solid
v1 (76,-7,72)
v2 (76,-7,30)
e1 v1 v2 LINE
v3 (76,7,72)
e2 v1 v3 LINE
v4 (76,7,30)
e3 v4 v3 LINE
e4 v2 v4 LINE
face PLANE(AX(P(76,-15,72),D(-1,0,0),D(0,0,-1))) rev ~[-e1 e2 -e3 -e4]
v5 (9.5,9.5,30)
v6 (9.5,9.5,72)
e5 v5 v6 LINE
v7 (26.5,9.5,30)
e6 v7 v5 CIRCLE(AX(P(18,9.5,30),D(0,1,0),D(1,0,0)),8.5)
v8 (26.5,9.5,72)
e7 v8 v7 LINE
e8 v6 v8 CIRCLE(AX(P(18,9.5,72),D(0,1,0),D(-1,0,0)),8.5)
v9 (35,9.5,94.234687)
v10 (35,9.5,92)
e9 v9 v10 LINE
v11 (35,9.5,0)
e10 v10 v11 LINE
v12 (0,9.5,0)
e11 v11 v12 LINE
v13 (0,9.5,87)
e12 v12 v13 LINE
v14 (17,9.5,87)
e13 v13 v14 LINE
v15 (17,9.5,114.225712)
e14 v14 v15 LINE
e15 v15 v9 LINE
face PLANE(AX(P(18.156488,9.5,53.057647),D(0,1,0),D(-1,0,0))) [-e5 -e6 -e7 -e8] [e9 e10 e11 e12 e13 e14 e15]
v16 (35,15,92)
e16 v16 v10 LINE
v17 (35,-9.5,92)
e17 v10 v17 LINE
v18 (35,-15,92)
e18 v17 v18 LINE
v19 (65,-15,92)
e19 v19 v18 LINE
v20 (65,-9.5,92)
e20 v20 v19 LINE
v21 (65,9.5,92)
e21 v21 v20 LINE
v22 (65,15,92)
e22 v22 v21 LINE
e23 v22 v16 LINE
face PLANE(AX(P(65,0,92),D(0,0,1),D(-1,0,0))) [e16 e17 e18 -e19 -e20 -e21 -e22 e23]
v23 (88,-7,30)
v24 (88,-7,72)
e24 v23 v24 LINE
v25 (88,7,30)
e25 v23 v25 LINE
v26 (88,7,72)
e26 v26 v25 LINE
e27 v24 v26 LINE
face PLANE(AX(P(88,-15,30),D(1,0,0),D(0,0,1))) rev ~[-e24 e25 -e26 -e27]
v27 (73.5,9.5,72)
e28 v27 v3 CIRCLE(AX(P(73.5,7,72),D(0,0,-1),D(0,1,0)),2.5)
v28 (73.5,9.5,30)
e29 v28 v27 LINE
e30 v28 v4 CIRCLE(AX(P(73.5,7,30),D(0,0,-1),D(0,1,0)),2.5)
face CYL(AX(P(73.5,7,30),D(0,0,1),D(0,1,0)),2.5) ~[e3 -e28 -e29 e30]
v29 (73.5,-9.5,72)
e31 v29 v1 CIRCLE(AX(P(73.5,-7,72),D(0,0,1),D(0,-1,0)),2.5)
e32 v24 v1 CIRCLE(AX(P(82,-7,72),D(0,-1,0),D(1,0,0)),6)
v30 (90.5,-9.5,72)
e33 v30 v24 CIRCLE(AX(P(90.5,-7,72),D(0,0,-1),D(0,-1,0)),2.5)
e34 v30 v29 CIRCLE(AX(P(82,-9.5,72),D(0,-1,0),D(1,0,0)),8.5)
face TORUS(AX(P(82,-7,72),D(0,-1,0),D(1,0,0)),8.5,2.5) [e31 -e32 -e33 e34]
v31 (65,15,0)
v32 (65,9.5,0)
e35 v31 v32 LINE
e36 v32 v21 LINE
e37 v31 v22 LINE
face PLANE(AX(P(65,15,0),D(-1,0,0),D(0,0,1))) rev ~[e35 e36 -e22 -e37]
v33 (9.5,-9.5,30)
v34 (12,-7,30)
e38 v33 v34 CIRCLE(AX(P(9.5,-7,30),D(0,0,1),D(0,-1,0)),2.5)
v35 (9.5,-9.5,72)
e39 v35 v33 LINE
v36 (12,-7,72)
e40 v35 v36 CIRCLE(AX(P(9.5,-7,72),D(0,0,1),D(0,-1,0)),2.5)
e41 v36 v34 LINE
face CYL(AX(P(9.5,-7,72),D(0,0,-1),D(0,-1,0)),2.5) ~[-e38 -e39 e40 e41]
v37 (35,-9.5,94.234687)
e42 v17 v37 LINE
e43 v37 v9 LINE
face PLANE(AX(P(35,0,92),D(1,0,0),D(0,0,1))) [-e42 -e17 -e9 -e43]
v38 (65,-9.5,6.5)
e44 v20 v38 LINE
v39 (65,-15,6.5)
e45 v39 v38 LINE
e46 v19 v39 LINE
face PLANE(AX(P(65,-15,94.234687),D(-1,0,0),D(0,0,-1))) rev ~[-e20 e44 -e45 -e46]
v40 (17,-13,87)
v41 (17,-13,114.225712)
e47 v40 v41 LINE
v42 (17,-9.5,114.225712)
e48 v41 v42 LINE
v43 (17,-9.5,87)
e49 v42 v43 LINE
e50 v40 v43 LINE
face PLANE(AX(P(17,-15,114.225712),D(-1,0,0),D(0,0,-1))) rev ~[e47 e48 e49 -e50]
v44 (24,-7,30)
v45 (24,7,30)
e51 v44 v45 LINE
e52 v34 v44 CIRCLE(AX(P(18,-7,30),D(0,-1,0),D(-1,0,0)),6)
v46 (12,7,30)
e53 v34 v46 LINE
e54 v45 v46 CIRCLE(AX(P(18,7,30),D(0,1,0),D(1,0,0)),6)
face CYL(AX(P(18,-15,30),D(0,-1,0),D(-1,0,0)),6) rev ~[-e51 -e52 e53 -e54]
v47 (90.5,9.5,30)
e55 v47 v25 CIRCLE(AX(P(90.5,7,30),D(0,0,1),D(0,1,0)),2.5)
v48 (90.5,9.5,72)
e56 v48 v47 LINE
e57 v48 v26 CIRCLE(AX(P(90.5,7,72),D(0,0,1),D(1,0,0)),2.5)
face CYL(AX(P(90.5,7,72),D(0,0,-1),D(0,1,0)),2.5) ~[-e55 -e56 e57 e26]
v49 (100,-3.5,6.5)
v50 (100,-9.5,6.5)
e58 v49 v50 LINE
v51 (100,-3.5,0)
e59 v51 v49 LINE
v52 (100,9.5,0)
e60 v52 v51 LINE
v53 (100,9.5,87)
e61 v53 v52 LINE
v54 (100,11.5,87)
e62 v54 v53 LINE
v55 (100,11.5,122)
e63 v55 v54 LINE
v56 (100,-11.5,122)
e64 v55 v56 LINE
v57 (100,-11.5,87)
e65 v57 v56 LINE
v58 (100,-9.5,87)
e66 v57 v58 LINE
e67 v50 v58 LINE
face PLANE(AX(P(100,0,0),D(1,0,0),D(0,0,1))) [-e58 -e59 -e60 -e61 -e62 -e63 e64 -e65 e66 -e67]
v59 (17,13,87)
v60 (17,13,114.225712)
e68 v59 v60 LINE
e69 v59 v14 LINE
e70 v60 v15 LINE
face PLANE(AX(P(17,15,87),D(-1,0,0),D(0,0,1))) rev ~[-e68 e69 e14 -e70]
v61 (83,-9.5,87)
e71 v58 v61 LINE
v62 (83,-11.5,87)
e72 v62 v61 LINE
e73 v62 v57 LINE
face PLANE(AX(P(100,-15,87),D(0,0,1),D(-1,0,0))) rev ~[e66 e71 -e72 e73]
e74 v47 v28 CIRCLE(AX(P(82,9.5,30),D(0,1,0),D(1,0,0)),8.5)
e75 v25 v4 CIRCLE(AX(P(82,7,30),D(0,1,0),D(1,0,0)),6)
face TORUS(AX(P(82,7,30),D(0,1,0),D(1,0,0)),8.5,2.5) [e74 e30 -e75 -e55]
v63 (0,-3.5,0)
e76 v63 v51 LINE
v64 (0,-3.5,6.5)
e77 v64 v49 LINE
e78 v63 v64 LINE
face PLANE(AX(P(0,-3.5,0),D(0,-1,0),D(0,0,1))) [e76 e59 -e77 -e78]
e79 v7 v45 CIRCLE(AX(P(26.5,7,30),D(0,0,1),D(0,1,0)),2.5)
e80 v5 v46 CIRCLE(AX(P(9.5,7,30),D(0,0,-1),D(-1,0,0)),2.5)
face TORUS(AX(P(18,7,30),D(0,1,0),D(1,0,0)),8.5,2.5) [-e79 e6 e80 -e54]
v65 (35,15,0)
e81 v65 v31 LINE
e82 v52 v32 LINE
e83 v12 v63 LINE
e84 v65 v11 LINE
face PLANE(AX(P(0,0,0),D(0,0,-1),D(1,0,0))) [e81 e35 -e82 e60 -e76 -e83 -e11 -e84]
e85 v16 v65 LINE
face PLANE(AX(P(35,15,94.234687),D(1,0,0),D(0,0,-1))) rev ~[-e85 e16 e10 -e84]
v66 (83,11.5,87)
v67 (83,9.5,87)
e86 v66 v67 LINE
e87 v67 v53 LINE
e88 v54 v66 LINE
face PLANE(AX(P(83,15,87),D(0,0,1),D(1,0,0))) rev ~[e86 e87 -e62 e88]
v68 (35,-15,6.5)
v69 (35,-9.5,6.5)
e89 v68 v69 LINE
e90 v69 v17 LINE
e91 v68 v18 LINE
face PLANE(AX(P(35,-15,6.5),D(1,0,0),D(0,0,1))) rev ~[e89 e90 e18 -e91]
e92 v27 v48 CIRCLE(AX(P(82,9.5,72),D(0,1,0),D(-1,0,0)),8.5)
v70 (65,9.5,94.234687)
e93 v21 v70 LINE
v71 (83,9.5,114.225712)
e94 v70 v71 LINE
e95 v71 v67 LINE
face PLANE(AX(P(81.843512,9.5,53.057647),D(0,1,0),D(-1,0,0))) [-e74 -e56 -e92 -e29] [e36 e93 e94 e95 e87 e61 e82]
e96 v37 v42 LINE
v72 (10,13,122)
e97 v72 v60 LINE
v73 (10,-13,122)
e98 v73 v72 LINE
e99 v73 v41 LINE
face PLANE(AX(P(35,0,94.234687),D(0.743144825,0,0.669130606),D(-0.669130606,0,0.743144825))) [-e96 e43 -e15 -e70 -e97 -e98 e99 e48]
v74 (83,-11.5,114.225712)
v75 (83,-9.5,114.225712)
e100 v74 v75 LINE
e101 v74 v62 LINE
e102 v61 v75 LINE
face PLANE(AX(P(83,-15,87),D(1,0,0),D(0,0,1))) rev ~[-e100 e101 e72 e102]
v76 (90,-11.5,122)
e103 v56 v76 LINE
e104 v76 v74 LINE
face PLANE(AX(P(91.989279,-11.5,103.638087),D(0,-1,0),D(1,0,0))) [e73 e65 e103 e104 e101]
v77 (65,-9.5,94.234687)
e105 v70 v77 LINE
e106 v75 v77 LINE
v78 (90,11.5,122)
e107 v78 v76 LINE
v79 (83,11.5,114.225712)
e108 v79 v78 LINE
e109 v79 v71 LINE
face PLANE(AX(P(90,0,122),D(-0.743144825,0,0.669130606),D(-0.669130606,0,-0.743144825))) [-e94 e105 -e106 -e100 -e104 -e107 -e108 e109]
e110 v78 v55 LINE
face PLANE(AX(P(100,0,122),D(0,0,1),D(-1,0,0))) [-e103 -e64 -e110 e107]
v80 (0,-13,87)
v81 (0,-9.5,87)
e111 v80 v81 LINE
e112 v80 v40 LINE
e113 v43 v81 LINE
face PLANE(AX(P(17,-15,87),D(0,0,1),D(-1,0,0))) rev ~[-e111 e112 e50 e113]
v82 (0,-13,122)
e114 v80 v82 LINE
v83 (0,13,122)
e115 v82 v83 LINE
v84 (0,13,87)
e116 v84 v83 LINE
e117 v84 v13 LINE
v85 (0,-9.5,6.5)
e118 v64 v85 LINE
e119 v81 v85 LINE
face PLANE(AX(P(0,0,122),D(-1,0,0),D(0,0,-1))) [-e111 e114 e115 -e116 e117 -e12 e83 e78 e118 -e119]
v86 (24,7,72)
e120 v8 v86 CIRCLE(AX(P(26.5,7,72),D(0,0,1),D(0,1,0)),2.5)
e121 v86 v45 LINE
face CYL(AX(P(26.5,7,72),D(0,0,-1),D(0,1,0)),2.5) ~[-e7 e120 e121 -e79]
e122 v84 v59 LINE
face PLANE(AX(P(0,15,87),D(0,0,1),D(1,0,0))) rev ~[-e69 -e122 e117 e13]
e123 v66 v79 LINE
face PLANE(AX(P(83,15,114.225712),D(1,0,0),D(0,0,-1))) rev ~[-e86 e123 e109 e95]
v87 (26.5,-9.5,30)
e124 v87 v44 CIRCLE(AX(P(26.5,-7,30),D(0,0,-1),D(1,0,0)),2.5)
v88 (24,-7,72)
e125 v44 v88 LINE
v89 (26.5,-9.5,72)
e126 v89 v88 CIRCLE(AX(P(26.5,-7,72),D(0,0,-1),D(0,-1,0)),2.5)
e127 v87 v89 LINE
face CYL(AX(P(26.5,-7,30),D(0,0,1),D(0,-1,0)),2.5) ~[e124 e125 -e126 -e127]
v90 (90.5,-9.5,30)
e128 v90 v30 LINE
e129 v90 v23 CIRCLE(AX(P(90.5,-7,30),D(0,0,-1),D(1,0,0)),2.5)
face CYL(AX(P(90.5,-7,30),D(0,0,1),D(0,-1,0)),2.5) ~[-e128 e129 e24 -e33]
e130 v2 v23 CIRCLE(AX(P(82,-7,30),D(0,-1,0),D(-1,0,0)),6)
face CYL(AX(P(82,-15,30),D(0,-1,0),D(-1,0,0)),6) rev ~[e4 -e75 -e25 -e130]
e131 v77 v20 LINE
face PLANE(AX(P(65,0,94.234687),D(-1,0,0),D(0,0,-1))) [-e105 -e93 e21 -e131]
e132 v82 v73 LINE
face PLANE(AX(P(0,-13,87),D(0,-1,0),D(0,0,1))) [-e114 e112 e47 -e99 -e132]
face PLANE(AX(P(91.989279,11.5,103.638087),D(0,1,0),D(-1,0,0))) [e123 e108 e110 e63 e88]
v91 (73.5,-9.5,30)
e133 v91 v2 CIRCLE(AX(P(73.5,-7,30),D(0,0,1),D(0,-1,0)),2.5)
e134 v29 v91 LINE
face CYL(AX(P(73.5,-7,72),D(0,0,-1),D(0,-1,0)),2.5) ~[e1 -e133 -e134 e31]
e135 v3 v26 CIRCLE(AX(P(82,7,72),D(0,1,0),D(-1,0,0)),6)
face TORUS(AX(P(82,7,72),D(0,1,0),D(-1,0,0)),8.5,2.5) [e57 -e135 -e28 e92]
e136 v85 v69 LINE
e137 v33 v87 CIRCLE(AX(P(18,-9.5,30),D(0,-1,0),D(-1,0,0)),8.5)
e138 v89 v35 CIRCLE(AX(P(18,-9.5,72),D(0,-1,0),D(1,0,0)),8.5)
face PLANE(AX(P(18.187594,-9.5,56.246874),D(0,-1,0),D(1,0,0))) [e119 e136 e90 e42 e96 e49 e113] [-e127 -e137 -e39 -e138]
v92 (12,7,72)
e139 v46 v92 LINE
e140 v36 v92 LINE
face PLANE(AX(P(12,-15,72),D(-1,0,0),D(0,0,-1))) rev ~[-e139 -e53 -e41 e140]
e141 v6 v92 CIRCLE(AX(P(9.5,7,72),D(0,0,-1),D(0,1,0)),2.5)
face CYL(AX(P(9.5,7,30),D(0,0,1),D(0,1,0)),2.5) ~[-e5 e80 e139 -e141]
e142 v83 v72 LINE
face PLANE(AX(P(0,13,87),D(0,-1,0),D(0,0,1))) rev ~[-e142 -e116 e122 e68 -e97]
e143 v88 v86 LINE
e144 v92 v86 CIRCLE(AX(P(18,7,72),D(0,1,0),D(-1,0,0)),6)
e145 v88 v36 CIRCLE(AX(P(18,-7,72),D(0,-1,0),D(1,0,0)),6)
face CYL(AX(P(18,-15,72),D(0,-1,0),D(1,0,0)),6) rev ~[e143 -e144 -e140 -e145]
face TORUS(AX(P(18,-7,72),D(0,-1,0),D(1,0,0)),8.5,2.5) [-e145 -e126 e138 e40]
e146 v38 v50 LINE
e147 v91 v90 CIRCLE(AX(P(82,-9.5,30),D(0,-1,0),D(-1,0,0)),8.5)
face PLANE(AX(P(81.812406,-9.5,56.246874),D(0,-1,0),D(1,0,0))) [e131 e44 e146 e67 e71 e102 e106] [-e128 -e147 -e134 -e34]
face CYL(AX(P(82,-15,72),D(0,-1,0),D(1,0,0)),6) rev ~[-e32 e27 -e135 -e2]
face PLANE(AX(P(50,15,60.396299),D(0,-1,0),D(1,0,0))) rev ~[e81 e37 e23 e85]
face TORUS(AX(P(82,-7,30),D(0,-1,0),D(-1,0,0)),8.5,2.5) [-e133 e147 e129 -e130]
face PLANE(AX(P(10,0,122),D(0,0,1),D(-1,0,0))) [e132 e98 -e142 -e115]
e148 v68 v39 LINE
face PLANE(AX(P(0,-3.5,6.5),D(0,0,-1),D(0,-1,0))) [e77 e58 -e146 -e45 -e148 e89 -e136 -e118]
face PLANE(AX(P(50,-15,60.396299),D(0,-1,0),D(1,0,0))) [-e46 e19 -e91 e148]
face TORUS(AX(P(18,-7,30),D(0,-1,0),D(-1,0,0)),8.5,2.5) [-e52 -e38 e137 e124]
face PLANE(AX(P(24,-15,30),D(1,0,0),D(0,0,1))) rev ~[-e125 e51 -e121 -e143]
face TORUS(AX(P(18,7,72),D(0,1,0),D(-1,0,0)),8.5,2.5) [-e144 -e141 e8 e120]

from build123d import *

# Parameters (mm, degrees)
F1_DEPTH  = 15
F3_W      = 11.5
F3_H      = 6.5
F4_DEPTH  = 100
F6_DEPTH  = 5.5
F8_DEPTH  = 3.5
F10_DEPTH = 5.5
F12_DEPTH = 3.5
F14_DEPTH = 25
F15_R     = 2.5
F16_W     = 20.5905072875
F16_H     = 35
F16_W_2   = 2
F17_DEPTH = 17


with BuildPart() as f1:
    # F0 (on Front) → F1 (new body, symmetric)
    with BuildSketch(Plane.XZ):
        Polygon((0, 122), (0, 0), (100, 0), (100, 122), (90, 122), (65, 94.2346871293), (65, 92), (35, 92), (35, 94.2346871293), (10, 122), align=None)
    extrude(amount=F1_DEPTH, both=True)

    # F3 (on face) → F4 (cut)
    with BuildSketch(Plane(origin=(0, 0, 0), x_dir=(0, -1, 0), z_dir=(-1, 0, 0))):
        with Locations((9.25, 3.25)):
            Rectangle(F3_W, F3_H)
    extrude(amount=-F4_DEPTH, mode=Mode.SUBTRACT)

    # F5 (on face) → F6 (cut)
    with BuildSketch(Plane.XZ.offset(15)):
        Polygon((17, 87), (0, 87), (0, 6.5), (35, 6.5), (35, 92), (35, 94.2346871293), (17, 114.2257123962), align=None)
        Polygon((65, 94.2346871293), (65, 92), (65, 6.5), (100, 6.5), (100, 87), (83, 87), (83, 114.2257123962), align=None)
    extrude(amount=-F6_DEPTH, mode=Mode.SUBTRACT)

    # F7 (on face) → F8 (cut)
    with BuildSketch(Plane.XZ.offset(15)):
        Polygon((100, 122), (90, 122), (83, 114.2257123962), (83, 87), (100, 87), align=None)
    extrude(amount=-F8_DEPTH, mode=Mode.SUBTRACT)

    # F9 (on face) → F10 (cut)
    with BuildSketch(Plane(origin=(0, 15, 0), x_dir=(-1, 0, 0), z_dir=(0, 1, 0))):
        Polygon((-17, 87), (-17, 114.2257123962), (-35, 94.2346871293), (-35, 92), (-35, 0), (0, 0), (0, 87), align=None)
        Polygon((-65, 92), (-65, 94.2346871293), (-83, 114.2257123962), (-83, 87), (-100, 87), (-100, 0), (-65, 0), align=None)
    extrude(amount=-F10_DEPTH, mode=Mode.SUBTRACT)

    # F11 (on face) → F12 (cut)
    with BuildSketch(Plane(origin=(0, 15, 0), x_dir=(-1, 0, 0), z_dir=(0, 1, 0))):
        Polygon((-90, 122), (-100, 122), (-100, 87), (-83, 87), (-83, 114.2257123962), align=None)
    extrude(amount=-F12_DEPTH, mode=Mode.SUBTRACT)

    # F13 (on face) → F14 (cut)
    with BuildSketch(Plane.XZ.offset(15)):
        with BuildLine():
            Line((24, 30), (24, 72))
            ThreePointArc((24, 72), (18, 78), (12, 72))
            Line((12, 72), (12, 30))
            ThreePointArc((12, 30), (18, 24), (24, 30))
        make_face()
        with BuildLine():
            ThreePointArc((88, 72), (82, 78), (76, 72))
            Line((76, 72), (76, 30))
            ThreePointArc((76, 30), (82, 24), (88, 30))
            Line((88, 30), (88, 72))
        make_face()
    extrude(amount=-F14_DEPTH, mode=Mode.SUBTRACT)

    # F15
    f15_edges = [f1.edges().sort_by_distance(p)[0] for p in [
        (76, 9.5, 51),
        (24, 9.5, 51),
        (12, -9.5, 51),
        (76, -9.5, 51),
    ]]
    fillet(f15_edges, radius=F15_R)

    # F16 (on face) → F17 (cut)
    with BuildSketch(Plane(origin=(0, 0, 0), x_dir=(0, -1, 0), z_dir=(-1, 0, 0))):
        with Locations((-25.2952536438, 104.5)):
            Rectangle(F16_W, F16_H)
        with Locations((25.2952536438, 104.5)):
            Rectangle(F16_W, F16_H)
        with Locations((-14, 104.5)):
            Rectangle(F16_W_2, F16_H)
        with Locations((14, 104.5)):
            Rectangle(F16_W_2, F16_H)
    extrude(amount=-F17_DEPTH, mode=Mode.SUBTRACT)


solid = f1.part
